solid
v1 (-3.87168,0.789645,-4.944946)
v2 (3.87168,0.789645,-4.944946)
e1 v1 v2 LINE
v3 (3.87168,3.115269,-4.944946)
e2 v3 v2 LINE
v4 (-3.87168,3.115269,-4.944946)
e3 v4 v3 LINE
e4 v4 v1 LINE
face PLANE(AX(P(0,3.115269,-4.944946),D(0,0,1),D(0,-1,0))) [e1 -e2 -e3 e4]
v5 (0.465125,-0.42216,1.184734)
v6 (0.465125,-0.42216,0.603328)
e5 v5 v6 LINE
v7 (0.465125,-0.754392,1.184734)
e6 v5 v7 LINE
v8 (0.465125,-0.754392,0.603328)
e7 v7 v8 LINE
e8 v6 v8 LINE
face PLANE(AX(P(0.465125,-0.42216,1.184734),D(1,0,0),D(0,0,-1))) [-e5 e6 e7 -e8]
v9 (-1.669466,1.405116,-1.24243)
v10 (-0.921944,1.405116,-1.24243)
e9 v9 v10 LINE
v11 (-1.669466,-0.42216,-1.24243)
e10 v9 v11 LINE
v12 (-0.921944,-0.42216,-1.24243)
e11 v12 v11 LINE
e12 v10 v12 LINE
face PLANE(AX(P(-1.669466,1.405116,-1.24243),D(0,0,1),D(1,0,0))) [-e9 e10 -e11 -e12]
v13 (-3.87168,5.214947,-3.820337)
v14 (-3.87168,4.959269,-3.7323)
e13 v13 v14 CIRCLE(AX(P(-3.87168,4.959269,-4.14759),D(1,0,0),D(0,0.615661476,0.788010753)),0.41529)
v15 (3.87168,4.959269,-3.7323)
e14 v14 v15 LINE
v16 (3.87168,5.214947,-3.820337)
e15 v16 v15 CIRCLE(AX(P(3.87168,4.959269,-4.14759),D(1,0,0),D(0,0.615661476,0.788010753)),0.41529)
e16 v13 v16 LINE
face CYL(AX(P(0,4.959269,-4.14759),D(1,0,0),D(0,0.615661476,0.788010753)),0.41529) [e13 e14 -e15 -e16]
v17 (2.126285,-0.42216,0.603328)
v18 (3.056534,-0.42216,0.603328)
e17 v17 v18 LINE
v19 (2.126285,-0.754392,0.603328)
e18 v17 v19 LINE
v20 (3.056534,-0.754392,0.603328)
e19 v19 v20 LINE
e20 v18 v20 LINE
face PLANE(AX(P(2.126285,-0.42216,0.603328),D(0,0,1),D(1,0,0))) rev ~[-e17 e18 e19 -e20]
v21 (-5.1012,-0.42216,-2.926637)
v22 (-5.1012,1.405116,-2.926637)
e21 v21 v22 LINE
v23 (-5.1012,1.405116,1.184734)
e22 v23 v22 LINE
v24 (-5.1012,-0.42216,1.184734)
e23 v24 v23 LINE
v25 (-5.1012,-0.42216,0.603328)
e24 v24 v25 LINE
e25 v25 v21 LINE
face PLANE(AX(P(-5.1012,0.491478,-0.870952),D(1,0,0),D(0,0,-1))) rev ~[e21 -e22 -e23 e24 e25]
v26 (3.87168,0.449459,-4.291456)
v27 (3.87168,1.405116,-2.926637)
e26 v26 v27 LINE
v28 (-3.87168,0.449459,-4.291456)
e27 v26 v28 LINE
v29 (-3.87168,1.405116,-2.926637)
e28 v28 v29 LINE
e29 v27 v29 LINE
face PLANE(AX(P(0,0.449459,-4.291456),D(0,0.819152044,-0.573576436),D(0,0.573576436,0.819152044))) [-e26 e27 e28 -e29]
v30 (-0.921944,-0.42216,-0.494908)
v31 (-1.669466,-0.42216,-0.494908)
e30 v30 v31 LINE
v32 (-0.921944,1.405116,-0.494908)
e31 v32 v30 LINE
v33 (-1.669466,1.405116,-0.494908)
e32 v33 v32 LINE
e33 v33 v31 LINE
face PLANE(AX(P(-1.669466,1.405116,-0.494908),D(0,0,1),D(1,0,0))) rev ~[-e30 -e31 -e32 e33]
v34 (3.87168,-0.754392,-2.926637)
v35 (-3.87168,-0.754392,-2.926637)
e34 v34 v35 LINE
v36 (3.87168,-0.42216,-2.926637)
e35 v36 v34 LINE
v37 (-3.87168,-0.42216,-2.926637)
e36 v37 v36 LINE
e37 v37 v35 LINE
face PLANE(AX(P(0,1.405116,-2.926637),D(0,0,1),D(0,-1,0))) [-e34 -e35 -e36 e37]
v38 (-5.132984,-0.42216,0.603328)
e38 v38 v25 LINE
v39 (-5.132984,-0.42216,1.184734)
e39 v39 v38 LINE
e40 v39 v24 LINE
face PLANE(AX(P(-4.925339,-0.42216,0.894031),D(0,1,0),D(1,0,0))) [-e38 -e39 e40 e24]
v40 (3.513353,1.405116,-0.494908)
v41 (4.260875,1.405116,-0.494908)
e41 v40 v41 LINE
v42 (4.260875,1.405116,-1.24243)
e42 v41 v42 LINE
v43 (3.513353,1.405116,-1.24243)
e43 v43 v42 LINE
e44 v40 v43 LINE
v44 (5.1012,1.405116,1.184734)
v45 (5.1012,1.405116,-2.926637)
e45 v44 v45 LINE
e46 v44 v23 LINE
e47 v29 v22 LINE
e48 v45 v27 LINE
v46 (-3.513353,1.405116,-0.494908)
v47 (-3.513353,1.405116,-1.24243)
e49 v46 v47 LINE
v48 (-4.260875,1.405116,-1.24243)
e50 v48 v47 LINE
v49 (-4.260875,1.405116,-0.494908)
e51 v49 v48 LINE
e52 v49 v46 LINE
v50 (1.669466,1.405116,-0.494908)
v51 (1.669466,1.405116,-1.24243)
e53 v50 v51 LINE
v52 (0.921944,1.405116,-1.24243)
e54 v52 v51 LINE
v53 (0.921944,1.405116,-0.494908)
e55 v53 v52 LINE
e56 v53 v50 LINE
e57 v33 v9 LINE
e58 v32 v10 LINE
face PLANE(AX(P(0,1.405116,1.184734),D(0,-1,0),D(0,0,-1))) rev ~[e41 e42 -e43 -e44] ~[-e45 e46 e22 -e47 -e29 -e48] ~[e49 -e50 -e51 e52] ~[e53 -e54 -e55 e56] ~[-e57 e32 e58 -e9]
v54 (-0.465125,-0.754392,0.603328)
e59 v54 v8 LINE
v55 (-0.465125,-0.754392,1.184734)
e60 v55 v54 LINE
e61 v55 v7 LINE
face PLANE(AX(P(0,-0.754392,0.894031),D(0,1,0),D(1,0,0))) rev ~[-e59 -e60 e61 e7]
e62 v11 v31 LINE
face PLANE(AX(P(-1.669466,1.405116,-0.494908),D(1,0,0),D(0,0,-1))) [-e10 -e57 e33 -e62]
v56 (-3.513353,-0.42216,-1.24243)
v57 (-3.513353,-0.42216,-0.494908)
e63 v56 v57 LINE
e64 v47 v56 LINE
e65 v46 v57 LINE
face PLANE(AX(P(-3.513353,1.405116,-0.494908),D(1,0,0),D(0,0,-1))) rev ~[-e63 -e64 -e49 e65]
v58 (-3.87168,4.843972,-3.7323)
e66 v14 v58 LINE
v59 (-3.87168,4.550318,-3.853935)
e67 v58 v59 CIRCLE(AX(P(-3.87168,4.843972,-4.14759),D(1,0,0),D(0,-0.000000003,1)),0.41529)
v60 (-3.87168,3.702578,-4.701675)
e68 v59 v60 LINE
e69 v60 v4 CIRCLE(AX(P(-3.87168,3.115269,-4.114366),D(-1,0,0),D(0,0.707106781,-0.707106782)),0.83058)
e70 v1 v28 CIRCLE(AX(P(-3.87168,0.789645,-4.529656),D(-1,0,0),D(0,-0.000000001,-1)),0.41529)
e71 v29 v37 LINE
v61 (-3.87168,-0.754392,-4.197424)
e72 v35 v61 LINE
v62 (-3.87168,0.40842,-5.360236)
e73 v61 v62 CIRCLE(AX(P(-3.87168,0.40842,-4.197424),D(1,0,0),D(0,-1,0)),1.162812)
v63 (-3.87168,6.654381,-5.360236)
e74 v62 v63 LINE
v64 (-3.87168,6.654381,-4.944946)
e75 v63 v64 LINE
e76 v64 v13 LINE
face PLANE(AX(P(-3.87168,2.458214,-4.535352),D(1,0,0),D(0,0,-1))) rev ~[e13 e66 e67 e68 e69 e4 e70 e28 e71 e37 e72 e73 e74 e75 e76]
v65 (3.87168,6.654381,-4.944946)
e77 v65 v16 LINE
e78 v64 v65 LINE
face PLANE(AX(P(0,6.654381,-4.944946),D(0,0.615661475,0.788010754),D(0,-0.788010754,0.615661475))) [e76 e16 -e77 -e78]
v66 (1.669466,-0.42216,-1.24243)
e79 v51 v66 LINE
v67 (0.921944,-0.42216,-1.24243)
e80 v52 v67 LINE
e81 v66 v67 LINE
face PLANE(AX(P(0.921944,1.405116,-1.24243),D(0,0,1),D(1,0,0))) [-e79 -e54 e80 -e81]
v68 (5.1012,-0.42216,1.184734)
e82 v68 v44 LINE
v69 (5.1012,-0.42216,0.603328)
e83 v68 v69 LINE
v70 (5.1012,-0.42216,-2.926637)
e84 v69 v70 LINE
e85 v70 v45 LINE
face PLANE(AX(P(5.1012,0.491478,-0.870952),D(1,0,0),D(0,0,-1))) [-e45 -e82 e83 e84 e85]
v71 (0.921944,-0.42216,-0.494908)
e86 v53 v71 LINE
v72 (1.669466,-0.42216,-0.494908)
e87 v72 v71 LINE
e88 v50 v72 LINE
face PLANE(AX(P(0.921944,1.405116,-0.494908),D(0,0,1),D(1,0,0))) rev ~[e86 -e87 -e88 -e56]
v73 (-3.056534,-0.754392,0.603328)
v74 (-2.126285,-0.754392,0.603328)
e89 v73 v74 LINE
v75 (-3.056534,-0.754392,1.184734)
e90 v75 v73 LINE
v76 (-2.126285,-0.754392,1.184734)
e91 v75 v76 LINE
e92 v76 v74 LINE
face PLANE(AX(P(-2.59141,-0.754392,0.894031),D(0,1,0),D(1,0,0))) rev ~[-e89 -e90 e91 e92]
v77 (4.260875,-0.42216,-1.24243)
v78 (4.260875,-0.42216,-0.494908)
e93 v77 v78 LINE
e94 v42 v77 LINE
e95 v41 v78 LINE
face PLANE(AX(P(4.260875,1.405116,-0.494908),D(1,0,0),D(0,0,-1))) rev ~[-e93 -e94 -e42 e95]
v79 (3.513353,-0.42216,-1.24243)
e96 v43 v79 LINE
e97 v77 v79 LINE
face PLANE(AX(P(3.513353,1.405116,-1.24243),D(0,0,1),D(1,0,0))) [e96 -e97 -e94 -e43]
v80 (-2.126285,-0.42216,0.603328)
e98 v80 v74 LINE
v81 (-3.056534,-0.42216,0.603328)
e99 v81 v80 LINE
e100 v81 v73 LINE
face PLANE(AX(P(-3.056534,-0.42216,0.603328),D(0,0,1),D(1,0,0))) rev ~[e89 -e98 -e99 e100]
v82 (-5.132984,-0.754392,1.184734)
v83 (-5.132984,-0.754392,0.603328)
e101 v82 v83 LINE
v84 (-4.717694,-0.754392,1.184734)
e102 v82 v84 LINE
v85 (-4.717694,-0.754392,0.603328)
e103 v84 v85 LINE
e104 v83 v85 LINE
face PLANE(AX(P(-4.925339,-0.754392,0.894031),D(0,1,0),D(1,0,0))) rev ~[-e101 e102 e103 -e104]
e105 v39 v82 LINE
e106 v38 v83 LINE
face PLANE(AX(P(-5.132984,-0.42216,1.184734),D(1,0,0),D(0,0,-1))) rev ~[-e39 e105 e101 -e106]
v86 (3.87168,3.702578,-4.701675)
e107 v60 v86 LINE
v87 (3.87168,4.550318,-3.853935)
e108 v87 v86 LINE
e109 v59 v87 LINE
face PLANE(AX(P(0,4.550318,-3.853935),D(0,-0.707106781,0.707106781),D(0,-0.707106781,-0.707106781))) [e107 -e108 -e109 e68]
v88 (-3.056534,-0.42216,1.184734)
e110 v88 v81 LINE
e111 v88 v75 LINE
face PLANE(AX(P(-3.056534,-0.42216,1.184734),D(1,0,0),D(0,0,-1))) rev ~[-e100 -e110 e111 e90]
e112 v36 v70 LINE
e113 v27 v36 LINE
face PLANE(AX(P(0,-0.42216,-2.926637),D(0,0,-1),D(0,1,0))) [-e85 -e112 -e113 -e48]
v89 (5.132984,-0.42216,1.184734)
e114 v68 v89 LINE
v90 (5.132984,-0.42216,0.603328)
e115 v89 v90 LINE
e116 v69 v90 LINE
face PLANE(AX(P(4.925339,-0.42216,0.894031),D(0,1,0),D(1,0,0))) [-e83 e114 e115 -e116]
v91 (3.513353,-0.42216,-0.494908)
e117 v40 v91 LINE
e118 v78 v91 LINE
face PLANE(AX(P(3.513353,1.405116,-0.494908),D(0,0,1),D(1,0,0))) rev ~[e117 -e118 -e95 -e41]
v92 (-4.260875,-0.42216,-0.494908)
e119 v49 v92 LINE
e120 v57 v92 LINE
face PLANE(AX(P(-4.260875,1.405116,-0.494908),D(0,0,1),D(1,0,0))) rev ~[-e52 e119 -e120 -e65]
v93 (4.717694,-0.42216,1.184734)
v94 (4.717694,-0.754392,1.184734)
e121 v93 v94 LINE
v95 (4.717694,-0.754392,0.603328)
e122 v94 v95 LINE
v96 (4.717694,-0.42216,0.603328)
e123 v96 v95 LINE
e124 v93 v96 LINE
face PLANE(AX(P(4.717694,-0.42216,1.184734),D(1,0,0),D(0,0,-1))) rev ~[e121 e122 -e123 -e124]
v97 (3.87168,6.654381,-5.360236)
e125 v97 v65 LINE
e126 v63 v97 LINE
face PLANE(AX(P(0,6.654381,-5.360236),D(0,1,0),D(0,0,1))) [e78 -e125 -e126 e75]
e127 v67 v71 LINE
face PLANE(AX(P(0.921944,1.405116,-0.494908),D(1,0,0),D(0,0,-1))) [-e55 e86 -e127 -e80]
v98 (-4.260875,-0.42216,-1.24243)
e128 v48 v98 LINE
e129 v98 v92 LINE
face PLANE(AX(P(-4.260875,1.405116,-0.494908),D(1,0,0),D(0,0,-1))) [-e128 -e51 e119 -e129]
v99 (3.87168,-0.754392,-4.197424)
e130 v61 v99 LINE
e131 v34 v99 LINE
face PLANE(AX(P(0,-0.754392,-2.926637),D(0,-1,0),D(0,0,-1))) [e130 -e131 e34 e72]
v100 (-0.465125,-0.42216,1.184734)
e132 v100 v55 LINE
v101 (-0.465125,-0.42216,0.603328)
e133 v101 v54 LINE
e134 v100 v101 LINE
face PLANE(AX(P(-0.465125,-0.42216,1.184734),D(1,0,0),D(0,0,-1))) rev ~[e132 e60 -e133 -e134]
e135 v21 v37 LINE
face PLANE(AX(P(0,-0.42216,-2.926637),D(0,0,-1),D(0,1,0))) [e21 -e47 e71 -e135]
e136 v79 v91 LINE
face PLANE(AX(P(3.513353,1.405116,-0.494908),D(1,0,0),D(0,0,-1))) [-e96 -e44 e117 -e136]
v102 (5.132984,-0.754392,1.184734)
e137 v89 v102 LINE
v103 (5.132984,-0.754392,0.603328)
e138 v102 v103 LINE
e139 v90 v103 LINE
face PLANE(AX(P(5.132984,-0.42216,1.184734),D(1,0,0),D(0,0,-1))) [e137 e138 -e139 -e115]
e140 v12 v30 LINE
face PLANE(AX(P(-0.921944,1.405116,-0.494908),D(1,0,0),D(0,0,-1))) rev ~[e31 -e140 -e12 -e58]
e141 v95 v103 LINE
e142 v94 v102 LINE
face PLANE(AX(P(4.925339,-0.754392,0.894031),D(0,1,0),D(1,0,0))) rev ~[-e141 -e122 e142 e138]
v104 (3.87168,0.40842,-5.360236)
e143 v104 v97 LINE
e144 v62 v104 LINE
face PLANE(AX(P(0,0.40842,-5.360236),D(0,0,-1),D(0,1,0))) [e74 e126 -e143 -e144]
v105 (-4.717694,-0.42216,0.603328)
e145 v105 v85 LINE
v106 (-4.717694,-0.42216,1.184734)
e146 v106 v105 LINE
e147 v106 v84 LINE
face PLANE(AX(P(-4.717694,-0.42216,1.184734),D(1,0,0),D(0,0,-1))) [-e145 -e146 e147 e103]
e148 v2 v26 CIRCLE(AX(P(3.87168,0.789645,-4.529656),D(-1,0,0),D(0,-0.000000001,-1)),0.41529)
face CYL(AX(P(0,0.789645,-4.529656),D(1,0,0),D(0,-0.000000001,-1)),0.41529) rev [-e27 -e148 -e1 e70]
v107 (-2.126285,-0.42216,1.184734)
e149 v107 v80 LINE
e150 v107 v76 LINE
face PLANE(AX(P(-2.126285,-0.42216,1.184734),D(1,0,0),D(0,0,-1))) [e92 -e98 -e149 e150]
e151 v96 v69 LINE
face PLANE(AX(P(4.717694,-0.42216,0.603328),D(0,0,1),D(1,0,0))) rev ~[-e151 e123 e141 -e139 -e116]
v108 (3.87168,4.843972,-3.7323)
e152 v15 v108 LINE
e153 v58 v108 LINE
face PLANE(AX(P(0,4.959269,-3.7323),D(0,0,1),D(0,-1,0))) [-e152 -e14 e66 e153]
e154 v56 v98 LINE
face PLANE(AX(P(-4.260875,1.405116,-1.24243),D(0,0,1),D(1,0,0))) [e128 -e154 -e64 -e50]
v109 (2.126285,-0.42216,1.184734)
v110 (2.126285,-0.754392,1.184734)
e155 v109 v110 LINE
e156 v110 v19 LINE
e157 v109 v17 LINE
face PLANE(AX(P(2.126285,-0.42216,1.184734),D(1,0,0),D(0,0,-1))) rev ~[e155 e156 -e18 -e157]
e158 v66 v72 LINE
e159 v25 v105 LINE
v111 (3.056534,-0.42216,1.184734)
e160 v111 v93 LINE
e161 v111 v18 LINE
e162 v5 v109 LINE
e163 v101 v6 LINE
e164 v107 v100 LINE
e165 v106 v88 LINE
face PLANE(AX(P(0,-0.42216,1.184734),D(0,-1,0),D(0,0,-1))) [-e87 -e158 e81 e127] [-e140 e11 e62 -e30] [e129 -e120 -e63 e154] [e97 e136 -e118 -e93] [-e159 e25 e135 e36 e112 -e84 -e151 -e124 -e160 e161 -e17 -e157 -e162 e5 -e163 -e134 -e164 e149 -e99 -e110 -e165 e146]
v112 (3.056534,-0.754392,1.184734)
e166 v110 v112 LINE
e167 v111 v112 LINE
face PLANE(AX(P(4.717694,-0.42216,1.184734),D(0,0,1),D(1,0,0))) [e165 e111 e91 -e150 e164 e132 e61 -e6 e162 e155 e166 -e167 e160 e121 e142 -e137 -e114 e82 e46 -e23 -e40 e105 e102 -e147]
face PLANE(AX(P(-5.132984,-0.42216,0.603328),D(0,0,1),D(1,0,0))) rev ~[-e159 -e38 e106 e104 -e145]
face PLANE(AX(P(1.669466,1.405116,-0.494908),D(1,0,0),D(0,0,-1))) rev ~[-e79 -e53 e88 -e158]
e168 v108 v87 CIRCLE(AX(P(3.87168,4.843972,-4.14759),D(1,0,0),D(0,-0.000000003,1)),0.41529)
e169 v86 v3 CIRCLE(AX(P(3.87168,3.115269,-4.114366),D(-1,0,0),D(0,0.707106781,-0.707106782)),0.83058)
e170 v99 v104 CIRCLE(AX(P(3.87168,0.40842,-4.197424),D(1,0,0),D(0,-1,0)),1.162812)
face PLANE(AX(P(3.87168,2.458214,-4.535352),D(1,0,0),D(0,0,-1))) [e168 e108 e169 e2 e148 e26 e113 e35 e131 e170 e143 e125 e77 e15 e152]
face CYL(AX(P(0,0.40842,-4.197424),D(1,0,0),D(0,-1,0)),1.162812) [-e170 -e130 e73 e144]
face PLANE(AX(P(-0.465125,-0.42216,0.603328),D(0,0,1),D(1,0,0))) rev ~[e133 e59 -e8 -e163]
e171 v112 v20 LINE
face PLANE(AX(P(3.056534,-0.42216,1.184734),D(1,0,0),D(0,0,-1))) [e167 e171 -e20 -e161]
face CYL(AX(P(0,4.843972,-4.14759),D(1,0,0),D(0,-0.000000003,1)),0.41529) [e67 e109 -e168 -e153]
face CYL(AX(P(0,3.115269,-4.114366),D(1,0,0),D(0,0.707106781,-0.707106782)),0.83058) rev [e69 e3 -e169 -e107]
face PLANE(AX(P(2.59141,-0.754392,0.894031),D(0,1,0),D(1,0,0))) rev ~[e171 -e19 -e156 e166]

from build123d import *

# Parameters (mm, degrees)
SKETCH51_W           = 6.2865
SKETCH51_H           = 2.794
BOSS_EXTRUDE23_DEPTH = 7.8
SKETCH49_W           = 1.143
SKETCH49_H           = 1.143
CUT_EXTRUDE22_DEPTH  = 9.861515478
BOSS_EXTRUDE24_DEPTH = 5.92
SKETCH52_W           = 0.635
SKETCH52_H           = 0.889
SKETCH52_W_2         = 1.4224
BOSS_EXTRUDE25_DEPTH = 0.508
SCALE1_SCALE         = 0.654


with BuildPart() as part:
    # Sketch51 → Boss-Extrude23 (new, symmetric)
    with BuildSketch(Plane(origin=(0, 0, 0), x_dir=(0, 0, -1), z_dir=(1, 0, 0))):
        Rectangle(SKETCH51_W, SKETCH51_H)
    extrude(amount=BOSS_EXTRUDE23_DEPTH, both=True)

    # Sketch49 → Cut-Extrude22 (cut, through all)
    with BuildSketch(Plane(origin=(0, 1.397, 0), x_dir=(1, 0, 0), z_dir=(0, 1, 0))):
        with Locations((1.9812, -0.003489448)):
            Rectangle(SKETCH49_W, SKETCH49_H)
        with Locations((5.9436, -0.003489448)):
            Rectangle(SKETCH49_W, SKETCH49_H)
        with Locations((-1.9812, -0.003489448)):
            Rectangle(SKETCH49_W, SKETCH49_H)
        with Locations((-5.9436, -0.003489448)):
            Rectangle(SKETCH49_W, SKETCH49_H)
    extrude(amount=-CUT_EXTRUDE22_DEPTH, mode=Mode.SUBTRACT)

    # Sketch50 → Boss-Extrude24 (add, symmetric)
    with BuildSketch(Plane(origin=(0, 0, 0), x_dir=(0, 0, -1), z_dir=(1, 0, 0))):
        with BuildLine():
            Line((3.14325, -1.905), (5.08635, -1.905))
            ThreePointArc((5.08635, -1.905), (6.343585857, -1.384235857), (6.86435, -0.127))
            Line((6.86435, -0.127), (6.86435, 9.4234))
            Line((6.86435, 9.4234), (6.22935, 9.4234))
            Line((6.22935, 9.4234), (4.509763171, 7.222429228))
            ThreePointArc((4.509763171, 7.222429228), (4.409745704, 7.038219969), (4.37515, 6.831484191))
            Line((4.37515, 6.831484191), (4.37515, 6.655190003))
            ThreePointArc((4.37515, 6.655190003), (4.423486497, 6.412186024), (4.561137194, 6.206177197))
            Line((4.561137194, 6.206177197), (5.857375612, 4.909938779))
            ThreePointArc((5.857375612, 4.909938779), (6.132677006, 4.497921126), (6.22935, 4.011913167))
            Line((6.22935, 4.011913167), (6.22935, 0.455913167))
            ThreePointArc((6.22935, 0.455913167), (5.887560369, -0.107338712), (5.230128963, -0.064248381))
            Line((5.230128963, -0.064248381), (3.14325, 1.397))
            Line((3.14325, 1.397), (3.14325, -1.905))
        make_face()
    extrude(amount=BOSS_EXTRUDE24_DEPTH, both=True)

    # Sketch52 → Boss-Extrude25 (add)
    with BuildSketch(Plane(origin=(0, -1.397, 0), x_dir=(1, 0, 0), z_dir=(0, 1, 0))):
        with Locations((7.5311, -2.69875)):
            Rectangle(SKETCH52_W, SKETCH52_H)
        with Locations((0, -2.69875)):
            Rectangle(SKETCH52_W_2, SKETCH52_H)
        with Locations((3.9624, -2.69875)):
            Rectangle(SKETCH52_W_2, SKETCH52_H)
        with Locations((-3.9624, -2.69875)):
            Rectangle(SKETCH52_W_2, SKETCH52_H)
        with Locations((-7.5311, -2.69875)):
            Rectangle(SKETCH52_W, SKETCH52_H)
    extrude(amount=-BOSS_EXTRUDE25_DEPTH)


with BuildPart() as part_1:
    # Scale1: scaled about (0, 1.420456249, -2.517201016)
    add(part.part.scale(SCALE1_SCALE).moved(Location((0, 0.491477862, -0.870951552))))


solid = part_1.part
